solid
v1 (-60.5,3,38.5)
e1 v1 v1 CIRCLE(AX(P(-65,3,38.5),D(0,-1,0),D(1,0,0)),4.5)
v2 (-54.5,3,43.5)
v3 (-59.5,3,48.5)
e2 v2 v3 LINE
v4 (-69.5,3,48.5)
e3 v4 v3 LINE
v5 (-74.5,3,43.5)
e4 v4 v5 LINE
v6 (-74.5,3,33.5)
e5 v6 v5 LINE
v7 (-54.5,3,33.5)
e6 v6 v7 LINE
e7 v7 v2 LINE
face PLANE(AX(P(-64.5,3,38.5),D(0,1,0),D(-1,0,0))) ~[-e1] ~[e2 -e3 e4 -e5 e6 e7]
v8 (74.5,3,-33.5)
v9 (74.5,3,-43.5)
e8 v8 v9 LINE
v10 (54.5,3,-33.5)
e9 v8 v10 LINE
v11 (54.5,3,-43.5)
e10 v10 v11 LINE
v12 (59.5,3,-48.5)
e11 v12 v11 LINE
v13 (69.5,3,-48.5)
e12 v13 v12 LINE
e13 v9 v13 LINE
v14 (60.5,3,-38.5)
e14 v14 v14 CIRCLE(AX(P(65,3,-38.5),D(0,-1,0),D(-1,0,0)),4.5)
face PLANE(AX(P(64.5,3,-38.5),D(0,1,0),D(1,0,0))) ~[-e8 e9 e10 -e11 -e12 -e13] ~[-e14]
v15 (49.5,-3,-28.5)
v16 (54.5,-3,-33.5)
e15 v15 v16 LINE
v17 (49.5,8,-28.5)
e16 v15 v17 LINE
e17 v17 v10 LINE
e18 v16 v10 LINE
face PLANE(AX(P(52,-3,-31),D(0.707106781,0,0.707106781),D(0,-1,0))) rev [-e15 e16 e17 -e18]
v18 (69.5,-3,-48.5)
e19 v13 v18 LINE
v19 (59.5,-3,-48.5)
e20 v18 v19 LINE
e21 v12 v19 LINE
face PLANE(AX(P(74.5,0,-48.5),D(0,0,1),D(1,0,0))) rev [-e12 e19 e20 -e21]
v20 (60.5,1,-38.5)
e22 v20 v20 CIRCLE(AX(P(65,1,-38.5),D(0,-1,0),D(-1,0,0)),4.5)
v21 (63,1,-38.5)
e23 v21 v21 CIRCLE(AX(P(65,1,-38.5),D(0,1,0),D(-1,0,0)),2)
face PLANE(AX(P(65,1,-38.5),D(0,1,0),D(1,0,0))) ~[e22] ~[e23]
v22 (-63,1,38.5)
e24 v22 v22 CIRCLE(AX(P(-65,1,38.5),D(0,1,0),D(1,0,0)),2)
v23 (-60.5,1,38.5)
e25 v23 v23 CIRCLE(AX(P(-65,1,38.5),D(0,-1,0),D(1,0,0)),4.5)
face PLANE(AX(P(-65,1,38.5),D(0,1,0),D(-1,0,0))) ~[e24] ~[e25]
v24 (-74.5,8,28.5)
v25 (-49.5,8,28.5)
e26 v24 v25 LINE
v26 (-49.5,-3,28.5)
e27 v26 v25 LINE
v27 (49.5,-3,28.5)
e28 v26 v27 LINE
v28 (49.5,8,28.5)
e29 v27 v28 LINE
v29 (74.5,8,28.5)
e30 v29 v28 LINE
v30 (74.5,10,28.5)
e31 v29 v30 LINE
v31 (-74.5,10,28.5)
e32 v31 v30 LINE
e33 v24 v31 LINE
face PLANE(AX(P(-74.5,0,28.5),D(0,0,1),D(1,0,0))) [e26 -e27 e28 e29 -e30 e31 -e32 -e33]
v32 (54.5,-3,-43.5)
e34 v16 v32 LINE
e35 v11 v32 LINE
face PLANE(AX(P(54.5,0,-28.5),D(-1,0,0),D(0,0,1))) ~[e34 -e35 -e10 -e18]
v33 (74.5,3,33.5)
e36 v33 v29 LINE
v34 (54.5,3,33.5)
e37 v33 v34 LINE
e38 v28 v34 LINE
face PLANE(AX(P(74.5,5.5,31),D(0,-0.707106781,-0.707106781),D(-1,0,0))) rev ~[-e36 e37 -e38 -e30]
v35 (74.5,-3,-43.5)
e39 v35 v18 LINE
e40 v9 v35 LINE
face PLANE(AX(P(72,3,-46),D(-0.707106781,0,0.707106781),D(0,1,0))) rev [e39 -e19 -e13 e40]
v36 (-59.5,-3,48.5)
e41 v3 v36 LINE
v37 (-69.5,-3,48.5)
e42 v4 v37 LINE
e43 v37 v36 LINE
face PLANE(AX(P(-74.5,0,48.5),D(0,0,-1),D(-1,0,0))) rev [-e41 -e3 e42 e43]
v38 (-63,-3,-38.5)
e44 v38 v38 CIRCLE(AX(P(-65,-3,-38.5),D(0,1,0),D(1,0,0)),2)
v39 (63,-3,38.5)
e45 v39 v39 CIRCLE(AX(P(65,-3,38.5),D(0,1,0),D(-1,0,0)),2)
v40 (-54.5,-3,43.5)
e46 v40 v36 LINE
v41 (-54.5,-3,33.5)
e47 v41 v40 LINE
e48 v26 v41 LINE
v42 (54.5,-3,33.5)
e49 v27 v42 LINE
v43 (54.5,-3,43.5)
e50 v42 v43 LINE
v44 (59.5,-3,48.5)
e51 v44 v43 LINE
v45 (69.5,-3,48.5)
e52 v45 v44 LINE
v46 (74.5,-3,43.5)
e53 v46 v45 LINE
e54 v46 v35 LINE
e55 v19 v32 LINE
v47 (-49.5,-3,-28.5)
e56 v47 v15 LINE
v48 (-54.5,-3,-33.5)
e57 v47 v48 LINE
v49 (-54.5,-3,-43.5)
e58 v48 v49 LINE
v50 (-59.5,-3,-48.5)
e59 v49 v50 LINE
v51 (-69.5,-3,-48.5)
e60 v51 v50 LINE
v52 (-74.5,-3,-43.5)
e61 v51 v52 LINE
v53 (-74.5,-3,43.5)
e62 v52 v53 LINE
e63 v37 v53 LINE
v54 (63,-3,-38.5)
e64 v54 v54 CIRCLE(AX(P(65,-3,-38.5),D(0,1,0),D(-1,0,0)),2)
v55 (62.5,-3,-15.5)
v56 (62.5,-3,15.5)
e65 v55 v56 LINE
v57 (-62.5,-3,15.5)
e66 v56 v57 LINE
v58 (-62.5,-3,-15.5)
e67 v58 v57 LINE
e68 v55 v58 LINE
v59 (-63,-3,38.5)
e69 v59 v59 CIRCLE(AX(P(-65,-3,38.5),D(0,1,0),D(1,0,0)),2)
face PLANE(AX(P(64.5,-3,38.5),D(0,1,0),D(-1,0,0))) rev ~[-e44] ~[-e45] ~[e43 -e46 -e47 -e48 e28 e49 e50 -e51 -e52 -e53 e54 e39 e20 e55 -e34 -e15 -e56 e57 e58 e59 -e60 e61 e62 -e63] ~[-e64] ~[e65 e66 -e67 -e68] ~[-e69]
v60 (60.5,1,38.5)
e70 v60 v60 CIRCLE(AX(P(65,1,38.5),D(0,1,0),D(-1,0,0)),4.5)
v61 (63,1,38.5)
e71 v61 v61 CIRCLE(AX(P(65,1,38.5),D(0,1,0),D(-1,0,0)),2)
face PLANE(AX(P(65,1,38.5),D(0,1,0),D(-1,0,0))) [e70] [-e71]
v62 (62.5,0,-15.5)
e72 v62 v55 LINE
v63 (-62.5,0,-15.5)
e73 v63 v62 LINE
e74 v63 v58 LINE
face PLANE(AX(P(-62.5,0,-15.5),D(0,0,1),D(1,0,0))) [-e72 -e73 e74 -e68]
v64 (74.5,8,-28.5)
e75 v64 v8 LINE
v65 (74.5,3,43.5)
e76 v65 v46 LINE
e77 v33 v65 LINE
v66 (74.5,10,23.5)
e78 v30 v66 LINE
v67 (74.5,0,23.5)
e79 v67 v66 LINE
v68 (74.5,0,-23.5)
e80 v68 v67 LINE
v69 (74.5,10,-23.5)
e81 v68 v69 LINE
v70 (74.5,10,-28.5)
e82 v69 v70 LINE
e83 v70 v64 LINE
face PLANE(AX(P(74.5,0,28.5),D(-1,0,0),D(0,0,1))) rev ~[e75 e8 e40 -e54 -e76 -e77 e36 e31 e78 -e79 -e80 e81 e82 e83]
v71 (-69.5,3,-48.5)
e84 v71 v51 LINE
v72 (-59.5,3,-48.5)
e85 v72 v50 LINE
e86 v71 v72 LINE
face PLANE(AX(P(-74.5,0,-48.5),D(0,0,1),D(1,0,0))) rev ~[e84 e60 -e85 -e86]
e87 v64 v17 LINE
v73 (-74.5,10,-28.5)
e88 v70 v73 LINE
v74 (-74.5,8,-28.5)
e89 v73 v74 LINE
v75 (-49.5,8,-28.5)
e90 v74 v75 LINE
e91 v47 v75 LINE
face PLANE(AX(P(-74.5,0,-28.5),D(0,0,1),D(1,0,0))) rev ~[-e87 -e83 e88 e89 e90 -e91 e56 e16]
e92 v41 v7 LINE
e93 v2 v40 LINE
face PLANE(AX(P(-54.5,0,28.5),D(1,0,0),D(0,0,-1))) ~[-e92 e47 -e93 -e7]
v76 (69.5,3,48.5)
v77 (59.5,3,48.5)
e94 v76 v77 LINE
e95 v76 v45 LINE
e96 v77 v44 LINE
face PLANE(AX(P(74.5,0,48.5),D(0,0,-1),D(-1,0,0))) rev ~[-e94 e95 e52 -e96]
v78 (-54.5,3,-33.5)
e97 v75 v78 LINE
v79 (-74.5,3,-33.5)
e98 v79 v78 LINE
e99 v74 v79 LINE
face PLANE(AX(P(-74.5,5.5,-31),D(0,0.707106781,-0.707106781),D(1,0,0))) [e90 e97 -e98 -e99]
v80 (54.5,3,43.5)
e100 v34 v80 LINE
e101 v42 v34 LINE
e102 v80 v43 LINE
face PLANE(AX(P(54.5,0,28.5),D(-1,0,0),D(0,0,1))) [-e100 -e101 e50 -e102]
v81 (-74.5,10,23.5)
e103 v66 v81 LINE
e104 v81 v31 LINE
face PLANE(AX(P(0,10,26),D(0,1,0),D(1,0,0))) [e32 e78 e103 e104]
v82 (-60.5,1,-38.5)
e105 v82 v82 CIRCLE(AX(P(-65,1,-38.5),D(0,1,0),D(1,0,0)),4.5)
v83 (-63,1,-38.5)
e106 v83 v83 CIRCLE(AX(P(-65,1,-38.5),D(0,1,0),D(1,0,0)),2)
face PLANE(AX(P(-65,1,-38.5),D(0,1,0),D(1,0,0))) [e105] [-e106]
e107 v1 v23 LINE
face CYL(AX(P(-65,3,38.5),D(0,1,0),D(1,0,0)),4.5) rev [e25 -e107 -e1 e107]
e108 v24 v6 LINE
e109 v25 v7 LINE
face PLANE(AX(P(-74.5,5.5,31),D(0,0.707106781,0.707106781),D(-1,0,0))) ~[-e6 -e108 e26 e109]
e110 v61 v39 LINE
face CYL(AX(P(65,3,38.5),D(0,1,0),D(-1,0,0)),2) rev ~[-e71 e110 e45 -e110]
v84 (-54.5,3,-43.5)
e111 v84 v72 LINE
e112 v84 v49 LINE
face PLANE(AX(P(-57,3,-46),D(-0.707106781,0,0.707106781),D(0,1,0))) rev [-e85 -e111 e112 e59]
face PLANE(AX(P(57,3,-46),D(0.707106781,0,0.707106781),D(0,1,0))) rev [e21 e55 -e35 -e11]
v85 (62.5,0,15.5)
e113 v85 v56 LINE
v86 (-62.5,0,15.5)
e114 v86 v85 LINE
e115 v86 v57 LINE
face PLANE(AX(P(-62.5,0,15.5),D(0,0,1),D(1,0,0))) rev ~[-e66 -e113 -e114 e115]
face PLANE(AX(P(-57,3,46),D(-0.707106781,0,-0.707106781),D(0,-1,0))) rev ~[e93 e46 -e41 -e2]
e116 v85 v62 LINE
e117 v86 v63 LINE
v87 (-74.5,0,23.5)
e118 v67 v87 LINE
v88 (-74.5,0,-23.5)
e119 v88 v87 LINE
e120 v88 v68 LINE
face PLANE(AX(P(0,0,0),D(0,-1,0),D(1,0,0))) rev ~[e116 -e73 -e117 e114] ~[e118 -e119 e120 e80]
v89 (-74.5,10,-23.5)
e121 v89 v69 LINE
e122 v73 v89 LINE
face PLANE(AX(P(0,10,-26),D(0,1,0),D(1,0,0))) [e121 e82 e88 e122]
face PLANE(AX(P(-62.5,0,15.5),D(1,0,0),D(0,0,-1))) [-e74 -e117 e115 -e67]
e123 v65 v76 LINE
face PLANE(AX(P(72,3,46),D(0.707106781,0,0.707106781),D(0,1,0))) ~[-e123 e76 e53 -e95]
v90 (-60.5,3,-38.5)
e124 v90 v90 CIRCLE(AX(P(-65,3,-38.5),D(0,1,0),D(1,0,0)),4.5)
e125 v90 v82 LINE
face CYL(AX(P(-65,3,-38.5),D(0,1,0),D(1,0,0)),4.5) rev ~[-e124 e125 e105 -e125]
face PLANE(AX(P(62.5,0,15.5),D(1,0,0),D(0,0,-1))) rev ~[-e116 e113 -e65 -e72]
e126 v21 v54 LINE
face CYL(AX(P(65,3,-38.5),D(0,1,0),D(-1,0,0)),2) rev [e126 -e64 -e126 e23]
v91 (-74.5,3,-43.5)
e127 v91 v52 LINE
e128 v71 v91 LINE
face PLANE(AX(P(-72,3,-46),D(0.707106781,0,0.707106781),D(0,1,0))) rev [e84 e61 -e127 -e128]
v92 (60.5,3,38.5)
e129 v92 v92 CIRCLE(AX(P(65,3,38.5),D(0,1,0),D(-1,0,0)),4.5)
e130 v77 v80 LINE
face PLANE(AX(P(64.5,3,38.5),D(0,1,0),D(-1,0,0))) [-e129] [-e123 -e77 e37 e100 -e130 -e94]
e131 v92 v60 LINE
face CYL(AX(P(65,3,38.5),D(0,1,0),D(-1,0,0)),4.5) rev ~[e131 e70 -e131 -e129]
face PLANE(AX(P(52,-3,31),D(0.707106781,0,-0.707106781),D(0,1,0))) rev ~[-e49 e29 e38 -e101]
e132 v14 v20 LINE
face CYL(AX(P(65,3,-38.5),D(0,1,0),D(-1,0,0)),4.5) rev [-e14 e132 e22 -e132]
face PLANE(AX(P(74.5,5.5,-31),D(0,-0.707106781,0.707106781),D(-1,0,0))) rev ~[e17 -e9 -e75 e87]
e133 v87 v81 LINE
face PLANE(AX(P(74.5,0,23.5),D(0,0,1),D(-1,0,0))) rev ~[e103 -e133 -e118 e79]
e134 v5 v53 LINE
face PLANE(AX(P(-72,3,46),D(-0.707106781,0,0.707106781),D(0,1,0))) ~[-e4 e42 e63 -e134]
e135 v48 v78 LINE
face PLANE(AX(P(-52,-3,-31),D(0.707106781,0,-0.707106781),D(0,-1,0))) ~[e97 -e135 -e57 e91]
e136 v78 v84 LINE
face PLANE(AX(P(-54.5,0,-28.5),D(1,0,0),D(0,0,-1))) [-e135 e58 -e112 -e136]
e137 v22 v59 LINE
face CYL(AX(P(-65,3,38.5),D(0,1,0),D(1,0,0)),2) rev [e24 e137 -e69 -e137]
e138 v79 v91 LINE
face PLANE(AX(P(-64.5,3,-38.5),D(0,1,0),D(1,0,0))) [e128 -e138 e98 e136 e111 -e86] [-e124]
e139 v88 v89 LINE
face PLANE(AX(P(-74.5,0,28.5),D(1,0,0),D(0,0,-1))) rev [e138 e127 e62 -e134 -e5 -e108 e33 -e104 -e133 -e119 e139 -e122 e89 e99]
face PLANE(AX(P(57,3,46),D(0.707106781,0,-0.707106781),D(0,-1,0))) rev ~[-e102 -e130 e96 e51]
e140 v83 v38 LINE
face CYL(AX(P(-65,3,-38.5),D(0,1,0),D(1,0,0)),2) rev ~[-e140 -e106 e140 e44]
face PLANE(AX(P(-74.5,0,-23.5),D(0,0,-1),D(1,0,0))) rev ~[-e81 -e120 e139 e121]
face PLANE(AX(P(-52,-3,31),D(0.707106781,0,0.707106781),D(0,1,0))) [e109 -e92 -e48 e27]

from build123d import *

# Parameters (mm, degrees)
BOSS_EXTRUDE1_DEPTH                        = 10
BOSS_EXTRUDE1_2_DEPTH                      = 10
SKETCH2_W                                  = 149
SKETCH2_H                                  = 57
BOSS_EXTRUDE2_DEPTH                        = 3
SKETCH3_W                                  = 125
SKETCH3_H                                  = 31
CUT_EXTRUDE1_DEPTH                         = 20
SKETCH4_W                                  = 20
SKETCH4_H                                  = 20
BOSS_EXTRUDE3_DEPTH                        = 3
SKETCH5_R                                  = 2
CUT_EXTRUDE2_DEPTH                         = 20
SKETCH6_R                                  = 4.5
CUT_EXTRUDE3_DEPTH                         = 2
MIRROR5_AT_THE_SECOND_PLANE_COPY_1_SKETC_W = 20
MIRROR5_AT_THE_SECOND_PLANE_COPY_1_SKETC_H = 20
MIRROR5_AT_THE_SECOND_PLANE_COPY_1_DEPTH   = 3
MIRROR5_AT_THE_SECOND_PLANE_COPY_2_SKETC_R = 2
MIRROR5_AT_THE_SECOND_PLANE_COPY_2_DEPTH   = 20
MIRROR5_AT_THE_SECOND_PLANE_COPY_3_SKETC_R = 4.5
MIRROR5_AT_THE_SECOND_PLANE_COPY_3_DEPTH   = 2
CHAMFER1_SIZE                              = 5


with BuildPart() as part:
    # Sketch1 → Boss-Extrude1 (new body)
    with BuildSketch(Plane(origin=(0, 0, 0), x_dir=(1, 0, 0), z_dir=(0, 1, 0))):
        Polygon((74.5, 28.5), (-74.5, 28.5), (-74.5, 23.5), (-69.5, 23.5), (69.5, 23.5), (74.5, 23.5), align=None)
    extrude(amount=BOSS_EXTRUDE1_DEPTH)



with BuildPart() as body_2:
    # Sketch1 → Boss-Extrude1 2 (new body)
    with BuildSketch(Plane(origin=(0, 0, 0), x_dir=(1, 0, 0), z_dir=(0, 1, 0))):
        Polygon((-69.5, -23.5), (-74.5, -23.5), (-74.5, -28.5), (74.5, -28.5), (74.5, -23.5), (69.5, -23.5), align=None)
    extrude(amount=BOSS_EXTRUDE1_2_DEPTH)


with BuildPart() as part_1:
    add(part.part)

    add(body_2.part)  # Boss-Extrude2 merges body 2
    # Sketch2 → Boss-Extrude2 (add)
    with BuildSketch(Plane.XZ):
        Rectangle(SKETCH2_W, SKETCH2_H)
    extrude(amount=BOSS_EXTRUDE2_DEPTH)

    # Sketch3 → Cut-Extrude1 (cut)
    with BuildSketch(Plane(origin=(0, 0, 0), x_dir=(1, 0, 0), z_dir=(0, 1, 0))):
        Rectangle(SKETCH3_W, SKETCH3_H)
    extrude(amount=-CUT_EXTRUDE1_DEPTH, mode=Mode.SUBTRACT)

    # Sketch4 → Boss-Extrude3 (add, symmetric)
    with BuildSketch(Plane(origin=(0, 0, 0), x_dir=(1, 0, 0), z_dir=(0, 1, 0))):
        with Locations((-64.5, 38.5)):
            Rectangle(SKETCH4_W, SKETCH4_H)
    boss_extrude3 = extrude(amount=BOSS_EXTRUDE3_DEPTH, both=True)

    # Sketch5 → Cut-Extrude2 (cut)
    with BuildSketch(Plane(origin=(0, 3, 0), x_dir=(1, 0, 0), z_dir=(0, 1, 0))):
        with Locations((-65, 38.5)):
            Circle(SKETCH5_R)
    cut_extrude2 = extrude(amount=-CUT_EXTRUDE2_DEPTH, mode=Mode.SUBTRACT)

    # Sketch6 → Cut-Extrude3 (cut)
    with BuildSketch(Plane(origin=(0, 3, 0), x_dir=(1, 0, 0), z_dir=(0, 1, 0))):
        with Locations((-65, 38.5)):
            Circle(SKETCH6_R)
    cut_extrude3 = extrude(amount=-CUT_EXTRUDE3_DEPTH, mode=Mode.SUBTRACT)

    # Mirror5: Boss-Extrude3, Cut-Extrude2, Cut-Extrude3 across plane
    add(boss_extrude3.mirror(Plane.XY))
    add(cut_extrude2.mirror(Plane.XY), mode=Mode.SUBTRACT)
    add(cut_extrude3.mirror(Plane.XY), mode=Mode.SUBTRACT)

    # Mirror5 at the second plane: Boss-Extrude3, Cut-Extrude3, Cut-Extrude2 across plane
    add(boss_extrude3.mirror(Plane(origin=(0, 0, 0), x_dir=(0, 0, 1), z_dir=(1, 0, 0))))
    add(cut_extrude3.mirror(Plane(origin=(0, 0, 0), x_dir=(0, 0, 1), z_dir=(1, 0, 0))), mode=Mode.SUBTRACT)
    add(cut_extrude2.mirror(Plane(origin=(0, 0, 0), x_dir=(0, 0, 1), z_dir=(1, 0, 0))), mode=Mode.SUBTRACT)

    # Mirror5 at the second plane copy 1 sketc → Mirror5 at the second plane copy 1 (add, symmetric)
    with BuildSketch(Plane(origin=(0, 0, 0), x_dir=(-1, 0, 0), z_dir=(0, 1, 0))):
        with Locations((-64.5, 38.5)):
            Rectangle(MIRROR5_AT_THE_SECOND_PLANE_COPY_1_SKETC_W, MIRROR5_AT_THE_SECOND_PLANE_COPY_1_SKETC_H)
    extrude(amount=MIRROR5_AT_THE_SECOND_PLANE_COPY_1_DEPTH, both=True)

    # Mirror5 at the second plane copy 2 sketc → Mirror5 at the second plane copy 2 (cut)
    with BuildSketch(Plane(origin=(0, 3, 0), x_dir=(-1, 0, 0), z_dir=(0, 1, 0))):
        with Locations((-65, 38.5)):
            Circle(MIRROR5_AT_THE_SECOND_PLANE_COPY_2_SKETC_R)
    extrude(amount=-MIRROR5_AT_THE_SECOND_PLANE_COPY_2_DEPTH, mode=Mode.SUBTRACT)

    # Mirror5 at the second plane copy 3 sketc → Mirror5 at the second plane copy 3 (cut)
    with BuildSketch(Plane(origin=(0, 3, 0), x_dir=(-1, 0, 0), z_dir=(0, 1, 0))):
        with Locations((-65, 38.5)):
            Circle(MIRROR5_AT_THE_SECOND_PLANE_COPY_3_SKETC_R)
    extrude(amount=-MIRROR5_AT_THE_SECOND_PLANE_COPY_3_DEPTH, mode=Mode.SUBTRACT)

    # Chamfer1
    chamfer1_edges = [part_1.edges().sort_by_distance(p)[0] for p in [
        (74.5, 0, 48.5),
        (54.5, 0, 28.5),
        (54.5, 0, 48.5),
        (64.5, 3, 28.5),
        (-74.5, 0, -48.5),
        (-54.5, 0, -28.5),
        (-54.5, 0, -48.5),
        (-64.5, 3, -28.5),
        (74.5, 0, -48.5),
        (54.5, 0, -48.5),
        (54.5, 0, -28.5),
        (64.5, 3, -28.5),
        (-74.5, 0, 48.5),
        (-54.5, 0, 48.5),
        (-54.5, 0, 28.5),
        (-64.5, 3, 28.5),
    ]]
    chamfer(chamfer1_edges, length=CHAMFER1_SIZE)


solid = part_1.part
